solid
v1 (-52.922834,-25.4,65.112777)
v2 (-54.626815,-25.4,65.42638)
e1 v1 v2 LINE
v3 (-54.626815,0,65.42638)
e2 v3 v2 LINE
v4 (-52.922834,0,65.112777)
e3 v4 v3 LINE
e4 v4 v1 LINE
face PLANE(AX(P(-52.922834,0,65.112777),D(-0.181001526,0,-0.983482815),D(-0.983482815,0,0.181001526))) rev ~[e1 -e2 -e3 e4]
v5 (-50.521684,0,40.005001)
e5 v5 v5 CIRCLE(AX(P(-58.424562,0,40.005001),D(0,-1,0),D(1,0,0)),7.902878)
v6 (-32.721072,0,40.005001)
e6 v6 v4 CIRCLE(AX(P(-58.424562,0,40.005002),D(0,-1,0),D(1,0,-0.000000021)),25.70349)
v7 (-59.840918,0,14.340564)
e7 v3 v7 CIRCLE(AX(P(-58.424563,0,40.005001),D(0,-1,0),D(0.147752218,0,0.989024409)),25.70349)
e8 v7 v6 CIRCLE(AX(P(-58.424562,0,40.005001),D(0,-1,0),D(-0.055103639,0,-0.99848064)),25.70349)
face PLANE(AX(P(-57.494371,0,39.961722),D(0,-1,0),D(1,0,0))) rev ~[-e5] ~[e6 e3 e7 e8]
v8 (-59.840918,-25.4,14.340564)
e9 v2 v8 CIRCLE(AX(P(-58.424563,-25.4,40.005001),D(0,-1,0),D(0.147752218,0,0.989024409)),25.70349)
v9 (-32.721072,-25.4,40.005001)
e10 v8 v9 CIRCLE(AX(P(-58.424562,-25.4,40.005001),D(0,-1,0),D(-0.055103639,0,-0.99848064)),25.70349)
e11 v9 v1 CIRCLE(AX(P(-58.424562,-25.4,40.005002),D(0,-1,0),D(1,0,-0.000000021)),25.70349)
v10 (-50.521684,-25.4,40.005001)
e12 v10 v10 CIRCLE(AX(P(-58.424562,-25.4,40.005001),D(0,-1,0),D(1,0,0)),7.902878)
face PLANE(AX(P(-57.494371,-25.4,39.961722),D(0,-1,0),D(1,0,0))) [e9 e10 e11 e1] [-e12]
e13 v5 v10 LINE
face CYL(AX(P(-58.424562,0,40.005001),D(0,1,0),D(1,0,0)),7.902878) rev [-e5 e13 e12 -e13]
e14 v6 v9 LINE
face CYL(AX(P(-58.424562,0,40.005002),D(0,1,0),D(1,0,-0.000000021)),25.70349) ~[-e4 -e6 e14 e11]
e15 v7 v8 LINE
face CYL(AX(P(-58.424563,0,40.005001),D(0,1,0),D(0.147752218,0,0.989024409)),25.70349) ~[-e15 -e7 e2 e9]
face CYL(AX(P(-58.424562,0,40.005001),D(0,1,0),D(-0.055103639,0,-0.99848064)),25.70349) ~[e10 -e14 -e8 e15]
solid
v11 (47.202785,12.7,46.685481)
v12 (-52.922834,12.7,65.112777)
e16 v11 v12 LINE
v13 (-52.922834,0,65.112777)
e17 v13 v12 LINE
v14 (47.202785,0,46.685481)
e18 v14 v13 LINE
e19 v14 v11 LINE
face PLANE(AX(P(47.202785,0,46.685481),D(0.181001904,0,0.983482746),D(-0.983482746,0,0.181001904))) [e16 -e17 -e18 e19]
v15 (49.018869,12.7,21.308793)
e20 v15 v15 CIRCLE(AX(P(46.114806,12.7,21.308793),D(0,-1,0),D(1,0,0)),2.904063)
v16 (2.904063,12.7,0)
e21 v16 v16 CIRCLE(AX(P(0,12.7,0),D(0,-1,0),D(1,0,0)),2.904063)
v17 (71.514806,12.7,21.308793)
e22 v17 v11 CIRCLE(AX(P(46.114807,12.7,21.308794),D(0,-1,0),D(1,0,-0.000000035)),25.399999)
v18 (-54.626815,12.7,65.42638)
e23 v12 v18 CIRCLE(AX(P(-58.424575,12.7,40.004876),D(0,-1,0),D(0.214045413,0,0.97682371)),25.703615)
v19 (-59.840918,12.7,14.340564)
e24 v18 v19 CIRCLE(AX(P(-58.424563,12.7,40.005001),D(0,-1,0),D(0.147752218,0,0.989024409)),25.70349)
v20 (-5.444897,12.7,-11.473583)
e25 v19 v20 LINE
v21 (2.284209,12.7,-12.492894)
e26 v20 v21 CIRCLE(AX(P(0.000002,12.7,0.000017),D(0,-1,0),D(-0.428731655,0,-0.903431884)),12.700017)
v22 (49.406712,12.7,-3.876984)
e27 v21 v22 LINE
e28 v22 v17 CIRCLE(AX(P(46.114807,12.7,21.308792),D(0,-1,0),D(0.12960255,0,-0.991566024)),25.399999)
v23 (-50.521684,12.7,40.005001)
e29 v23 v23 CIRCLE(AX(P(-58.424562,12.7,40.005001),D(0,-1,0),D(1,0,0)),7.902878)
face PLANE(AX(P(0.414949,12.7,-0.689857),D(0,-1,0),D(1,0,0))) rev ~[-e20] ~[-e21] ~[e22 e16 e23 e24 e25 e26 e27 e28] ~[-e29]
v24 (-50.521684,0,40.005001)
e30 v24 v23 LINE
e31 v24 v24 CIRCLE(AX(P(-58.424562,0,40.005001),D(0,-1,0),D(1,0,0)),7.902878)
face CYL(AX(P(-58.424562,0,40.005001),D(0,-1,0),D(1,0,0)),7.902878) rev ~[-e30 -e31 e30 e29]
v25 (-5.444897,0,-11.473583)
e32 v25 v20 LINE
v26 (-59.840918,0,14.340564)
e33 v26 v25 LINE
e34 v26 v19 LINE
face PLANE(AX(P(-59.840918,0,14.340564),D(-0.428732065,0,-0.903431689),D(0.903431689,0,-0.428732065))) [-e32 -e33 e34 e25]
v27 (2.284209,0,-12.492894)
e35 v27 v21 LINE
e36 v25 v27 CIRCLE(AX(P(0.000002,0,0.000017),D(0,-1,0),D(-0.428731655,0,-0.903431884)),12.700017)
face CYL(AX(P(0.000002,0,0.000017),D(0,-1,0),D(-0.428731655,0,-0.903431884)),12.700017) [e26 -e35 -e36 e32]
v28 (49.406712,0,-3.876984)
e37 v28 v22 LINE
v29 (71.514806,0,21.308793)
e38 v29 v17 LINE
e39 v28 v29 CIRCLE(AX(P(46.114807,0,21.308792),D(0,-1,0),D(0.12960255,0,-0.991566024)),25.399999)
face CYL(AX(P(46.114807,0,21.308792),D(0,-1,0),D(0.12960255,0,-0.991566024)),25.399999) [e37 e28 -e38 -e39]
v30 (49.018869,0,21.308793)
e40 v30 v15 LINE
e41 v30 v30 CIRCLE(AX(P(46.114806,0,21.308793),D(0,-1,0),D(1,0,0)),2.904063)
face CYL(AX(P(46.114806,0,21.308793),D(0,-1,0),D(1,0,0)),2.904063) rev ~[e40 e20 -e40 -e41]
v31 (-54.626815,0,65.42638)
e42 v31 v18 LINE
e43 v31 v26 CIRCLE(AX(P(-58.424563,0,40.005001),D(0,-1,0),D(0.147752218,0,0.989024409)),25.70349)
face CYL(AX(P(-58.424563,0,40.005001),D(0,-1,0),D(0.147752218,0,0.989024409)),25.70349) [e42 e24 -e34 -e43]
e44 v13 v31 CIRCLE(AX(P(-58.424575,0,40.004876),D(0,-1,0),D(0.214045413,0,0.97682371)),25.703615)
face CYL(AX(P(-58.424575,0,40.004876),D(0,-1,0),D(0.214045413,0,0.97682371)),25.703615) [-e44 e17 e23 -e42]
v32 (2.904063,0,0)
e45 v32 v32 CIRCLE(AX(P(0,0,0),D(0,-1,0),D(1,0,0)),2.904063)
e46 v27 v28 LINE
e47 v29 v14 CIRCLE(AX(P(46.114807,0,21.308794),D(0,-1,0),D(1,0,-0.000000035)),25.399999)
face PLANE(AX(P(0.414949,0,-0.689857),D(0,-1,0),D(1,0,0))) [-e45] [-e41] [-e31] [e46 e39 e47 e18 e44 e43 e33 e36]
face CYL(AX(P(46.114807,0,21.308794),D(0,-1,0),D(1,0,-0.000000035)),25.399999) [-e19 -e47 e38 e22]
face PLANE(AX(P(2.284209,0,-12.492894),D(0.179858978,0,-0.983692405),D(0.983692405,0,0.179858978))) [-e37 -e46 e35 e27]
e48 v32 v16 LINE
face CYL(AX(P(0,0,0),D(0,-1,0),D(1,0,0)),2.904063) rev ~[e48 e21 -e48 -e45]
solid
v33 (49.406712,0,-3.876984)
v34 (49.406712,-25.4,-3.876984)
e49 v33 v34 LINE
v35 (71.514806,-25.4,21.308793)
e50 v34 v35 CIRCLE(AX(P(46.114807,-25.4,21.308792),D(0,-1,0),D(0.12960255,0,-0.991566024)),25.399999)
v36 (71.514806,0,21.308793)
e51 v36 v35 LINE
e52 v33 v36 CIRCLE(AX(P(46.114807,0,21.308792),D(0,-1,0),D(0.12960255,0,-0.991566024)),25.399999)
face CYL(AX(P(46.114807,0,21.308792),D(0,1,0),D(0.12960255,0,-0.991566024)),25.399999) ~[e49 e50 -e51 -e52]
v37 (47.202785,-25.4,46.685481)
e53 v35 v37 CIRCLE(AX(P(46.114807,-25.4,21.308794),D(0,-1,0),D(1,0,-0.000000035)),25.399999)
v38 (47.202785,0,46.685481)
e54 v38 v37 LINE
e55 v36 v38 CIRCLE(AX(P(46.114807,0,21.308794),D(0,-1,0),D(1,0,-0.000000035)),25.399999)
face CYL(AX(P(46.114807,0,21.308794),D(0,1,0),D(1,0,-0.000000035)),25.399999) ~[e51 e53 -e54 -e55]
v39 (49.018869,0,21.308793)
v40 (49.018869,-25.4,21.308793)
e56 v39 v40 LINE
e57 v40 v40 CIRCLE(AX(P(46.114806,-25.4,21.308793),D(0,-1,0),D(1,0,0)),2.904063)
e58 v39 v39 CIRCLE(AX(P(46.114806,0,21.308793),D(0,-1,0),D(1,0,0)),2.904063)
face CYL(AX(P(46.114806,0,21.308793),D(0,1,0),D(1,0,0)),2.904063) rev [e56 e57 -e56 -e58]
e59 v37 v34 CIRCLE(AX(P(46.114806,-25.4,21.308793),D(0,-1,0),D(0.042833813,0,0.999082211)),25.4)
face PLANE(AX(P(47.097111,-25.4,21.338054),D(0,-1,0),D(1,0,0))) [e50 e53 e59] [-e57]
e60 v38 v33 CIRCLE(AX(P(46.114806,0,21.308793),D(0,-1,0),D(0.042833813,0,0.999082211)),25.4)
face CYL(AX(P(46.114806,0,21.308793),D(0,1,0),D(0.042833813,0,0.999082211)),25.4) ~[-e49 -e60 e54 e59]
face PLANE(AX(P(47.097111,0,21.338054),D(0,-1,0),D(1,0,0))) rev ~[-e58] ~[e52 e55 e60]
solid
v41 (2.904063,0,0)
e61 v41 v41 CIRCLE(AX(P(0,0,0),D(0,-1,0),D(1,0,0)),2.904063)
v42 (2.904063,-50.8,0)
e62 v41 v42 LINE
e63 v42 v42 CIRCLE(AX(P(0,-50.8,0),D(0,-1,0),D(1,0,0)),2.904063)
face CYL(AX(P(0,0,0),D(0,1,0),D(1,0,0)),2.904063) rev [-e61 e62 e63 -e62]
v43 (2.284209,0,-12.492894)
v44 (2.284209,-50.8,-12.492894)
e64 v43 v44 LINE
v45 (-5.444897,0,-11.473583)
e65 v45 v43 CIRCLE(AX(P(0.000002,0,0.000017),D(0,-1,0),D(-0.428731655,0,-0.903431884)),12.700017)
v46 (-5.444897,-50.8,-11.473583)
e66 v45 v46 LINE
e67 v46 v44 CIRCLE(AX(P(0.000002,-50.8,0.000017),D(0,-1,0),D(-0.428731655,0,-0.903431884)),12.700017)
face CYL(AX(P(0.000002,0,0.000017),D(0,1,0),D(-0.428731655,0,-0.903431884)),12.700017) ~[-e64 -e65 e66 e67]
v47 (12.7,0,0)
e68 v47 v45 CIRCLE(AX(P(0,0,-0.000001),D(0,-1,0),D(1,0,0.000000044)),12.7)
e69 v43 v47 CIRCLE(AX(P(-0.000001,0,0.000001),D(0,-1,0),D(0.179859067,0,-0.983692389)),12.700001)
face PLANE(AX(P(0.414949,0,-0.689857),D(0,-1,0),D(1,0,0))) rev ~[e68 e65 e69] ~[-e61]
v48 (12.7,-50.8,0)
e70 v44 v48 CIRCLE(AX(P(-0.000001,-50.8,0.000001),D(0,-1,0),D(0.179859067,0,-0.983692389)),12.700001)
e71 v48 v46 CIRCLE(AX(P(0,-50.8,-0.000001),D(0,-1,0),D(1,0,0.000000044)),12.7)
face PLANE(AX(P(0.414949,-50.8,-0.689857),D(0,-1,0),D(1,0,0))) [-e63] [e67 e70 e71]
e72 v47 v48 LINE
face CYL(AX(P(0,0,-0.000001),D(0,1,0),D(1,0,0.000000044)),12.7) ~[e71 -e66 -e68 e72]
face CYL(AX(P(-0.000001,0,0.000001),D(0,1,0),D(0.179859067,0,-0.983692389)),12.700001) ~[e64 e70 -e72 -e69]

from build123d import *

# Parameters (mm, degrees)
F0_R     = 2.904063
F1_DEPTH = 50.8
F2_DEPTH = 25.4
F0_R_2   = 7.902878
F3_DEPTH = 25.4
F4_DEPTH = 12.7


with BuildPart() as f1:
    # F0 (on Front) → F1 (new body)
    with BuildSketch(Plane.XZ):
        with BuildLine():
            ThreePointArc((2.284209, -12.492894), (9.754472, -8.132667), (12.7, 0))
            ThreePointArc((12.7, 0), (-6.787481, 10.734062), (-5.444897, -11.473583))
            ThreePointArc((-5.444897, -11.473583), (-1.660493, -12.590979), (2.284209, -12.492894))
        make_face()
        Circle(F0_R, mode=Mode.SUBTRACT)
    extrude(amount=F1_DEPTH)


with BuildPart() as f2:
    # F0 (on Front) → F2 (new body)
    with BuildSketch(Plane.XZ):
        with BuildLine():
            ThreePointArc((47.202785, 46.685481), (20.738901, 20.202702), (49.406712, -3.876984))
            ThreePointArc((49.406712, -3.876984), (65.203735, 4.552516), (71.514806, 21.308793))
            ThreePointArc((71.514806, 21.308793), (64.455944, 38.880437), (47.202785, 46.685481))
        make_face()
        with Locations((46.114806, 21.308793)):
            Circle(F0_R, mode=Mode.SUBTRACT)
    extrude(amount=F2_DEPTH)


with BuildPart() as f3:
    # F0 (on Front) → F3 (new body)
    with BuildSketch(Plane.XZ):
        with BuildLine():
            ThreePointArc((-54.626815, 65.42638), (-83.995208, 42.614884), (-59.840918, 14.340564))
            ThreePointArc((-59.840918, 14.340564), (-40.757303, 21.335846), (-32.721072, 40.005001))
            ThreePointArc((-32.721072, 40.005001), (-38.398541, 56.117974), (-52.922834, 65.112777))
            Line((-52.922834, 65.112777), (-54.626815, 65.42638))
        make_face()
        with Locations((-58.424562, 40.005001)):
            Circle(F0_R_2, mode=Mode.SUBTRACT)
    extrude(amount=F3_DEPTH)


with BuildPart() as f4:
    # F0 (on Front) → F4 (new body)
    with BuildSketch(Plane.XZ):
        with BuildLine():
            ThreePointArc((2.284209, -12.492894), (9.754472, -8.132667), (12.7, 0))
            ThreePointArc((12.7, 0), (-6.787481, 10.734062), (-5.444897, -11.473583))
            ThreePointArc((-5.444897, -11.473583), (-1.660493, -12.590979), (2.284209, -12.492894))
        make_face()
        Circle(F0_R, mode=Mode.SUBTRACT)
        with BuildLine():
            ThreePointArc((-5.444897, -11.473583), (-6.787481, 10.734062), (12.7, 0))
            ThreePointArc((12.7, 0), (9.754472, -8.132667), (2.284209, -12.492894))
            Line((2.284209, -12.492894), (49.406712, -3.876984))
            ThreePointArc((49.406712, -3.876984), (20.738901, 20.202702), (47.202785, 46.685481))
            Line((47.202785, 46.685481), (-52.922834, 65.112777))
            ThreePointArc((-52.922834, 65.112777), (-38.398541, 56.117974), (-32.721072, 40.005001))
            ThreePointArc((-32.721072, 40.005001), (-40.757303, 21.335846), (-59.840918, 14.340564))
            Line((-59.840918, 14.340564), (-5.444897, -11.473583))
        make_face()
        with BuildLine():
            ThreePointArc((-54.626815, 65.42638), (-83.995208, 42.614884), (-59.840918, 14.340564))
            ThreePointArc((-59.840918, 14.340564), (-40.757303, 21.335846), (-32.721072, 40.005001))
            ThreePointArc((-32.721072, 40.005001), (-38.398541, 56.117974), (-52.922834, 65.112777))
            Line((-52.922834, 65.112777), (-54.626815, 65.42638))
        make_face()
        with Locations((-58.424562, 40.005001)):
            Circle(F0_R_2, mode=Mode.SUBTRACT)
        with BuildLine():
            ThreePointArc((47.202785, 46.685481), (20.738901, 20.202702), (49.406712, -3.876984))
            ThreePointArc((49.406712, -3.876984), (65.203735, 4.552516), (71.514806, 21.308793))
            ThreePointArc((71.514806, 21.308793), (64.455944, 38.880437), (47.202785, 46.685481))
        make_face()
        with Locations((46.114806, 21.308793)):
            Circle(F0_R, mode=Mode.SUBTRACT)
        with BuildLine():
            ThreePointArc((-52.922834, 65.112777), (-53.772181, 65.28394), (-54.626815, 65.42638))
            Line((-54.626815, 65.42638), (-52.922834, 65.112777))
        make_face()
    extrude(amount=-F4_DEPTH)


solid = Compound([f1.part, f2.part, f3.part, f4.part])
